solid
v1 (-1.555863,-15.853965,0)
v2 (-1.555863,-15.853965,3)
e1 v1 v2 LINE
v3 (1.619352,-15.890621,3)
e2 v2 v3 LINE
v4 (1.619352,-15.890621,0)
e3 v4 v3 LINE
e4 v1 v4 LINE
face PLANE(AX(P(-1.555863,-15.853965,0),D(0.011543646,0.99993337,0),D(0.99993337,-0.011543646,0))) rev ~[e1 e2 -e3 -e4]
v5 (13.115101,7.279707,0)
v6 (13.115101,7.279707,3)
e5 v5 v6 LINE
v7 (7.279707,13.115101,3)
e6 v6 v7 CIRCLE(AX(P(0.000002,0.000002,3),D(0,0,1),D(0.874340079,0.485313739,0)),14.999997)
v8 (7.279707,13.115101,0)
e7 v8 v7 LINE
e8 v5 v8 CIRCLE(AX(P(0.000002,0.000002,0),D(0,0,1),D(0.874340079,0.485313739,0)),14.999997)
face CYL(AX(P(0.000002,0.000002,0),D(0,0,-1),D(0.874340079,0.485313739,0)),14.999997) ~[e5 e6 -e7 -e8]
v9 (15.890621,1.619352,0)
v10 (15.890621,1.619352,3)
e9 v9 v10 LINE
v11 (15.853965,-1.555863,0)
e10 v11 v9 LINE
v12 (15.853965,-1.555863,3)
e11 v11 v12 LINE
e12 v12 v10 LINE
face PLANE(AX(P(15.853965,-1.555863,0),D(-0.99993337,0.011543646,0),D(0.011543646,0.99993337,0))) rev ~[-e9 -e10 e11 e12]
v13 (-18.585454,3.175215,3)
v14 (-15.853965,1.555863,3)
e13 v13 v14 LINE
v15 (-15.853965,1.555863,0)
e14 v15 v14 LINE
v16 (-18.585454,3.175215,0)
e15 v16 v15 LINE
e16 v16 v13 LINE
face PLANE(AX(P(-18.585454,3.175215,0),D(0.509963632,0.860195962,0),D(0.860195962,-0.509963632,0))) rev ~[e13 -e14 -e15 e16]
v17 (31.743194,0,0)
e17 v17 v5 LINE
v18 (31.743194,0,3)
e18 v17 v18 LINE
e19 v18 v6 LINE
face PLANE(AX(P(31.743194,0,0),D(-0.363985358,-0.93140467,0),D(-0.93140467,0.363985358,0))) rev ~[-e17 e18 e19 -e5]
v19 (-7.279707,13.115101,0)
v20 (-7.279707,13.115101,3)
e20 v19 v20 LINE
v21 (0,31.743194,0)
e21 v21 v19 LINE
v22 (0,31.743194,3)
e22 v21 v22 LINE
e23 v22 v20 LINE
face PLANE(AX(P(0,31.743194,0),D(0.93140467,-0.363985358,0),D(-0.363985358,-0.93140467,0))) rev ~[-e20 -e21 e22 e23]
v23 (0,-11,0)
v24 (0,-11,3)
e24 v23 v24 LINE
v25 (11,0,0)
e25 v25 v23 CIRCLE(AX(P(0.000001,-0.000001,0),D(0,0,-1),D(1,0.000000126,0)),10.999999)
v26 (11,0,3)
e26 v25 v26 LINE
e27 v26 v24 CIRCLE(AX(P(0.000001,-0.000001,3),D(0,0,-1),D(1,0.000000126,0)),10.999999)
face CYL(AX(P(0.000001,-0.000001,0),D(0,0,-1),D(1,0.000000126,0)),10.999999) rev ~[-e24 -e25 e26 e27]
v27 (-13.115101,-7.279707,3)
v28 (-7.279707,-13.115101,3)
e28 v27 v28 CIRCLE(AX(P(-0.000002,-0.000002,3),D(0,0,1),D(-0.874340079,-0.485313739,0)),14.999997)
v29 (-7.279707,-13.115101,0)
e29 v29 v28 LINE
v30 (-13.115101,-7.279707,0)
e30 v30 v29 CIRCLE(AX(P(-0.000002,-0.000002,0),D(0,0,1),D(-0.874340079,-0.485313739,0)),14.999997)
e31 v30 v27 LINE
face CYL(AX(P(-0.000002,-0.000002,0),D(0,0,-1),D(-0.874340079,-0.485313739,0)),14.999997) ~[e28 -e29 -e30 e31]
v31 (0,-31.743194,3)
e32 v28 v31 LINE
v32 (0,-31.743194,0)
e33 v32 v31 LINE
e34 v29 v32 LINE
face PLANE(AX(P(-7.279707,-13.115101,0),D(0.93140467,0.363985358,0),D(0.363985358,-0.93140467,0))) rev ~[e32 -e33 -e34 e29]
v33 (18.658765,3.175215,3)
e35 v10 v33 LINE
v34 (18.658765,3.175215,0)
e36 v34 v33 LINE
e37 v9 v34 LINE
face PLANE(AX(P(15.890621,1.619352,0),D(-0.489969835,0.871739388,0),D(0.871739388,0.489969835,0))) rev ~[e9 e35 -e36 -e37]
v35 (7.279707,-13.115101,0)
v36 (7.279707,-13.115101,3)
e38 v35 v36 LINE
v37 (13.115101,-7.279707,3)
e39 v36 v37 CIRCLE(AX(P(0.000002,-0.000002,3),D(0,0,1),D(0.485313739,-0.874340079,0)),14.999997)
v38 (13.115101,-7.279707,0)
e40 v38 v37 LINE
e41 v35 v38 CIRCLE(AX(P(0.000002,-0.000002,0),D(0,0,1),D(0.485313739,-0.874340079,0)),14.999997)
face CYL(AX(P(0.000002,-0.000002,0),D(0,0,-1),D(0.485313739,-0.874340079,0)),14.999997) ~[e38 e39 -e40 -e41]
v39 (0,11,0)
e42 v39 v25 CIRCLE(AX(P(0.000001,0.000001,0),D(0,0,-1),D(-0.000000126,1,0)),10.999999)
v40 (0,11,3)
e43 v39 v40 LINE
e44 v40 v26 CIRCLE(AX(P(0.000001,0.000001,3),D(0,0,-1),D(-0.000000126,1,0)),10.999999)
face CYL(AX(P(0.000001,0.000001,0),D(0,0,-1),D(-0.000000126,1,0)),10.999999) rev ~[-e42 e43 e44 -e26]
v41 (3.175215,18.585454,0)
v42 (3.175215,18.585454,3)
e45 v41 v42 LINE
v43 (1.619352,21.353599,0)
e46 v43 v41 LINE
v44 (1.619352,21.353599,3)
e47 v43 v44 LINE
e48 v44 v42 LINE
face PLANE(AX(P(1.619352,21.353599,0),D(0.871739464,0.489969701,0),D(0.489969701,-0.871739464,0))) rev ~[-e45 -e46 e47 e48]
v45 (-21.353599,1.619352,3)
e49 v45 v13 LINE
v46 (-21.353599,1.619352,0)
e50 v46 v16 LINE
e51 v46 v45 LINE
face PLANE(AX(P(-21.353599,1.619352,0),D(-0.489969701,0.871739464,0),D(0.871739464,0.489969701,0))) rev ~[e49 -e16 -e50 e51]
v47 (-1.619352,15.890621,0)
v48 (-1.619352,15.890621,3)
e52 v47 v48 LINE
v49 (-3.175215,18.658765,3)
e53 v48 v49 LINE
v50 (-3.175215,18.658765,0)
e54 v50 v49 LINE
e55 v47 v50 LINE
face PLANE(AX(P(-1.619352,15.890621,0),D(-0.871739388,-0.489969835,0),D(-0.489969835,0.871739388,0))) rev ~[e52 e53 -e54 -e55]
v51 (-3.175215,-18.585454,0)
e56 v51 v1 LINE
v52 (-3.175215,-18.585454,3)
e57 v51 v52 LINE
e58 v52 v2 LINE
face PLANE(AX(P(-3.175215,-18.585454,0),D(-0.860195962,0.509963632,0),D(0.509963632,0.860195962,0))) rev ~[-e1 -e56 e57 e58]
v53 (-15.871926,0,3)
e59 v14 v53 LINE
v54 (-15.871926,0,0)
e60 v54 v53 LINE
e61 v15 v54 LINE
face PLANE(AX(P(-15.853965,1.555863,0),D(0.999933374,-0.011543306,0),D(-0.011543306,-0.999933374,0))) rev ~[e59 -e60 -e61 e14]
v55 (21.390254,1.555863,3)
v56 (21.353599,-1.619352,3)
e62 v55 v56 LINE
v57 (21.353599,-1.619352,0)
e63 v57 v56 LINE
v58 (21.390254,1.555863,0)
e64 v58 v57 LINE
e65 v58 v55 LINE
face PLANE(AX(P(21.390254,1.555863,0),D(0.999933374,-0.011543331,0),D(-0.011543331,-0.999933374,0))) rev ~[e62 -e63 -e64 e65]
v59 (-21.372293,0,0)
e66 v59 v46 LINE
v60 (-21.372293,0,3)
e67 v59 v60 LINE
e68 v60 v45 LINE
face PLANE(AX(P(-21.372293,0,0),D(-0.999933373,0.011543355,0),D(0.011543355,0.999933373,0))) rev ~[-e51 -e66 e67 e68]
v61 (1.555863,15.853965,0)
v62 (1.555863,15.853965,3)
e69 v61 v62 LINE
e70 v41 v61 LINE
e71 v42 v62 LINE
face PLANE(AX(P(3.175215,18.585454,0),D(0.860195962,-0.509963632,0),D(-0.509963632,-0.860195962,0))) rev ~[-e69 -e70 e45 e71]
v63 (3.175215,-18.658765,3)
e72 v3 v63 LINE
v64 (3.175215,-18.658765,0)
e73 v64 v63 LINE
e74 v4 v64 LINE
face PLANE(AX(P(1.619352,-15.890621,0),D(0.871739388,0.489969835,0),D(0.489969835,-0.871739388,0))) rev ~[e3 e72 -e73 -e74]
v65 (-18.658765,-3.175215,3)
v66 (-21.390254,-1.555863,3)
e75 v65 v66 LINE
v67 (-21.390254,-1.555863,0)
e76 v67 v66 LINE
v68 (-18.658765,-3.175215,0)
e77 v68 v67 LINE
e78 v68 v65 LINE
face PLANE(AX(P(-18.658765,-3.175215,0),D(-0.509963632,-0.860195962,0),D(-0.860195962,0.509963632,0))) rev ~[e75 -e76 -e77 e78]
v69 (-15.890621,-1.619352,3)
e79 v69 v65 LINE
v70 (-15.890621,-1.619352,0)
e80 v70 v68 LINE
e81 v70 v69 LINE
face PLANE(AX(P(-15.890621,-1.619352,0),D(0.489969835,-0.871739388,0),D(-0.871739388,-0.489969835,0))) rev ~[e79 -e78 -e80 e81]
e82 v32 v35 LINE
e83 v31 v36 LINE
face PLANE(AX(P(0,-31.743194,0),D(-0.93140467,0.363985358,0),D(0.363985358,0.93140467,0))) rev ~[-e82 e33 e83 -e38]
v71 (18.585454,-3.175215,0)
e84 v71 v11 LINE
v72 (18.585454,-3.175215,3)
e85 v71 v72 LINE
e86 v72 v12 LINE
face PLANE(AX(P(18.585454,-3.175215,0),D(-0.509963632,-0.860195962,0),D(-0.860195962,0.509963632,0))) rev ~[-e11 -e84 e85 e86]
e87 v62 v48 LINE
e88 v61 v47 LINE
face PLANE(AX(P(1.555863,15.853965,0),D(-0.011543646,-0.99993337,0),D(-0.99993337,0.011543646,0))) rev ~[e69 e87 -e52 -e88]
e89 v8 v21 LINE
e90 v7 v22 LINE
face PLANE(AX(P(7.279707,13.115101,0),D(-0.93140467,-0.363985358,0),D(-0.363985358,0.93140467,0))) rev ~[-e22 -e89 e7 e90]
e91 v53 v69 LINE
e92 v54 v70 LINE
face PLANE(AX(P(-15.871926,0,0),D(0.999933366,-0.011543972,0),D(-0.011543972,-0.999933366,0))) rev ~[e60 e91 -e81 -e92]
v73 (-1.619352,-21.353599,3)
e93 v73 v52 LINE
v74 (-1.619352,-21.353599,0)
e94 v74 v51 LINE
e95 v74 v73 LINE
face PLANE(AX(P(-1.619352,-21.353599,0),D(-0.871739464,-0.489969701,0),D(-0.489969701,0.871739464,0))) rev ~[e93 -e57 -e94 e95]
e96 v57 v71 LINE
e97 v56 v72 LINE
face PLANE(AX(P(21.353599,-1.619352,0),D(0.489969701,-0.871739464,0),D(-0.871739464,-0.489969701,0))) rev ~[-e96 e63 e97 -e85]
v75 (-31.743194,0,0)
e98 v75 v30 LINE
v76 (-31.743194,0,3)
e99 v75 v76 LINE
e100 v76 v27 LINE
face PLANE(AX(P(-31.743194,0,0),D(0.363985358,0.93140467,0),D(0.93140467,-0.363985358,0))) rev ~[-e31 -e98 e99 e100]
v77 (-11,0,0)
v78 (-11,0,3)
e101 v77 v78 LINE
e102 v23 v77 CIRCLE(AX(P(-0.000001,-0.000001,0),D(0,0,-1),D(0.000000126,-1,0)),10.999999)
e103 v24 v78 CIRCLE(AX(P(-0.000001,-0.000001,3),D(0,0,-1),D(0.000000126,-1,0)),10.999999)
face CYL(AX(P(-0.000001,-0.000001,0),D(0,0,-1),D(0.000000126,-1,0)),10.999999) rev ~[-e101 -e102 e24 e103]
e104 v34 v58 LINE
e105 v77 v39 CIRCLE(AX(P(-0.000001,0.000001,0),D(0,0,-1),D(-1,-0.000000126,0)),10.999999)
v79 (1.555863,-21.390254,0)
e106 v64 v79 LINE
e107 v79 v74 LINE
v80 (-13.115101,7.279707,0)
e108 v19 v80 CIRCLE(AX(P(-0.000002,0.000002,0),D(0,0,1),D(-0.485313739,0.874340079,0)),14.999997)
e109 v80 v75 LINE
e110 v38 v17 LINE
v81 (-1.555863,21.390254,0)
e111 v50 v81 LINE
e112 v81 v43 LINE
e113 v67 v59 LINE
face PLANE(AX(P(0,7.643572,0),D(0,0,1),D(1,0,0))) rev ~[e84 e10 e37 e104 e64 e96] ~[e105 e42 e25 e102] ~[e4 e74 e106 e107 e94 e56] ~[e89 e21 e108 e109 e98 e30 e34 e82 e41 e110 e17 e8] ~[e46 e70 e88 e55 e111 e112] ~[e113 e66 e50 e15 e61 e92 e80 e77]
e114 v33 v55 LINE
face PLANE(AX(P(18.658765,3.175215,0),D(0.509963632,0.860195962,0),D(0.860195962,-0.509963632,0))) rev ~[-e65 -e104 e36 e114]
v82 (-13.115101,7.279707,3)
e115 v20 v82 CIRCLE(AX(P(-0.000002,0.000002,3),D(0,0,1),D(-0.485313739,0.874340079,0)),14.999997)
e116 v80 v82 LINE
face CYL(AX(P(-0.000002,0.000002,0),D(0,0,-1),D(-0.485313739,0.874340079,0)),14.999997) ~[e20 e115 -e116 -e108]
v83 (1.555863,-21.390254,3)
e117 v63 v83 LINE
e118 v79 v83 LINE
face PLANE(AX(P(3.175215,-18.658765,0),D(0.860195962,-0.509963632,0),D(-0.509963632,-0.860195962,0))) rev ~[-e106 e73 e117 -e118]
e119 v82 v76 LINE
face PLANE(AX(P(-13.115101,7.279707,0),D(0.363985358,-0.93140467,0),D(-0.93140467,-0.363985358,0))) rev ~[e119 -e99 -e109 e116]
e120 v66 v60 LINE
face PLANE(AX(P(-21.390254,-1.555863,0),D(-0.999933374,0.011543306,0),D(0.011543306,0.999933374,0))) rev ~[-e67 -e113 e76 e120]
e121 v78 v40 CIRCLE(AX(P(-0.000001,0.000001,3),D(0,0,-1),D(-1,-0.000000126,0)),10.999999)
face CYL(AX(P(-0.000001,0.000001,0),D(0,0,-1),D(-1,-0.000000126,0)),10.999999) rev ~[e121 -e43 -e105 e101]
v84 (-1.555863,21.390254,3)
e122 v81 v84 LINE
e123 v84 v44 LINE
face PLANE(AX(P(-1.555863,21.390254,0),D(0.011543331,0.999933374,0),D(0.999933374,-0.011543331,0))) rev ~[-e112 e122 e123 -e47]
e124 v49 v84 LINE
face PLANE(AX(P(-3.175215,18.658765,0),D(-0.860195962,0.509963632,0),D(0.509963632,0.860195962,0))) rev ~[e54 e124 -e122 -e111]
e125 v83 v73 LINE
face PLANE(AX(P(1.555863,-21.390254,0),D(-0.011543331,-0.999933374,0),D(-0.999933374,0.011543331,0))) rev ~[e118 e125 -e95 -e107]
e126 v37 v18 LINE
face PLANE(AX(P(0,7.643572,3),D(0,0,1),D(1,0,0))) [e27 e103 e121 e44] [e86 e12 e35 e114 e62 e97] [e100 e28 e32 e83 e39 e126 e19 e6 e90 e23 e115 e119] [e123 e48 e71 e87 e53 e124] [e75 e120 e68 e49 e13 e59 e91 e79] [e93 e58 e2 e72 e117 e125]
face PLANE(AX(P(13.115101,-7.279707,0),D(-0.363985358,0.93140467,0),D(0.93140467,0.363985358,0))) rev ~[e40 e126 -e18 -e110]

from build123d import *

# Parameters (mm, degrees)
F1_DEPTH = 3


with BuildPart() as f1:
    # F0 (on Top) → F1 (new body)
    with BuildSketch(Plane.XY):
        with BuildLine():
            ThreePointArc((-13.115101, 7.279707), (-14.521131, 3.759886), (-15, 0))
            Line((-15, 0), (-11, 0))
            ThreePointArc((-11, 0), (-7.778175, 7.778175), (0, 11))
            ThreePointArc((0, 11), (7.778175, 7.778175), (11, 0))
            Line((11, 0), (15, 0))
            ThreePointArc((15, 0), (14.521131, 3.759886), (13.115101, 7.279707))
            ThreePointArc((13.115101, 7.279707), (10.606602, 10.606602), (7.279707, 13.115101))
            ThreePointArc((7.279707, 13.115101), (3.759886, 14.521131), (0, 15))
            ThreePointArc((0, 15), (-3.759886, 14.521131), (-7.279707, 13.115101))
            ThreePointArc((-7.279707, 13.115101), (-10.606602, 10.606602), (-13.115101, 7.279707))
        make_face()
        with BuildLine():
            ThreePointArc((-13.115101, -7.279707), (-14.521131, -3.759886), (-15, 0))
            Line((-15, 0), (-15.871926, 0))
            Line((-15.871926, 0), (-15.890621, -1.619352))
            Line((-15.890621, -1.619352), (-18.658765, -3.175215))
            Line((-18.658765, -3.175215), (-21.390254, -1.555863))
            Line((-21.390254, -1.555863), (-21.372293, 0))
            Line((-21.372293, 0), (-31.743194, 0))
            Line((-31.743194, 0), (-13.115101, -7.279707))
        make_face()
        with BuildLine():
            Line((-15.871926, 0), (-15, 0))
            ThreePointArc((-15, 0), (-14.521131, 3.759886), (-13.115101, 7.279707))
            Line((-13.115101, 7.279707), (-31.743194, 0))
            Line((-31.743194, 0), (-21.372293, 0))
            Line((-21.372293, 0), (-21.353599, 1.619352))
            Line((-21.353599, 1.619352), (-18.585454, 3.175215))
            Line((-18.585454, 3.175215), (-15.853965, 1.555863))
            Line((-15.853965, 1.555863), (-15.871926, 0))
        make_face()
        with BuildLine():
            Line((-11, 0), (-15, 0))
            ThreePointArc((-15, 0), (-14.521131, -3.759886), (-13.115101, -7.279707))
            ThreePointArc((-13.115101, -7.279707), (-10.606602, -10.606602), (-7.279707, -13.115101))
            ThreePointArc((-7.279707, -13.115101), (-3.759886, -14.521131), (0, -15))
            ThreePointArc((0, -15), (3.759886, -14.521131), (7.279707, -13.115101))
            ThreePointArc((7.279707, -13.115101), (10.606602, -10.606602), (13.115101, -7.279707))
            ThreePointArc((13.115101, -7.279707), (14.521131, -3.759886), (15, 0))
            Line((15, 0), (11, 0))
            ThreePointArc((11, 0), (7.778175, -7.778175), (0, -11))
            ThreePointArc((0, -11), (-7.778175, -7.778175), (-11, 0))
        make_face()
        with BuildLine():
            Line((0, 31.743194), (-7.279707, 13.115101))
            ThreePointArc((-7.279707, 13.115101), (-3.759886, 14.521131), (0, 15))
            ThreePointArc((0, 15), (3.759886, 14.521131), (7.279707, 13.115101))
            Line((7.279707, 13.115101), (0, 31.743194))
        make_face()
        Polygon((-1.619352, 15.890621), (-3.175215, 18.658765), (-1.555863, 21.390254), (1.619352, 21.353599), (3.175215, 18.585454), (1.555863, 15.853965), align=None, mode=Mode.SUBTRACT)
        with BuildLine():
            ThreePointArc((0, -15), (-3.759886, -14.521131), (-7.279707, -13.115101))
            Line((-7.279707, -13.115101), (0, -31.743194))
            Line((0, -31.743194), (7.279707, -13.115101))
            ThreePointArc((7.279707, -13.115101), (3.759886, -14.521131), (0, -15))
        make_face()
        Polygon((1.555863, -21.390254), (-1.619352, -21.353599), (-3.175215, -18.585454), (-1.555863, -15.853965), (1.619352, -15.890621), (3.175215, -18.658765), align=None, mode=Mode.SUBTRACT)
        with BuildLine():
            ThreePointArc((13.115101, 7.279707), (14.521131, 3.759886), (15, 0))
            ThreePointArc((15, 0), (14.521131, -3.759886), (13.115101, -7.279707))
            Line((13.115101, -7.279707), (31.743194, 0))
            Line((31.743194, 0), (13.115101, 7.279707))
        make_face()
        Polygon((21.390254, 1.555863), (21.353599, -1.619352), (18.585454, -3.175215), (15.853965, -1.555863), (15.890621, 1.619352), (18.658765, 3.175215), align=None, mode=Mode.SUBTRACT)
    extrude(amount=F1_DEPTH)


solid = f1.part
